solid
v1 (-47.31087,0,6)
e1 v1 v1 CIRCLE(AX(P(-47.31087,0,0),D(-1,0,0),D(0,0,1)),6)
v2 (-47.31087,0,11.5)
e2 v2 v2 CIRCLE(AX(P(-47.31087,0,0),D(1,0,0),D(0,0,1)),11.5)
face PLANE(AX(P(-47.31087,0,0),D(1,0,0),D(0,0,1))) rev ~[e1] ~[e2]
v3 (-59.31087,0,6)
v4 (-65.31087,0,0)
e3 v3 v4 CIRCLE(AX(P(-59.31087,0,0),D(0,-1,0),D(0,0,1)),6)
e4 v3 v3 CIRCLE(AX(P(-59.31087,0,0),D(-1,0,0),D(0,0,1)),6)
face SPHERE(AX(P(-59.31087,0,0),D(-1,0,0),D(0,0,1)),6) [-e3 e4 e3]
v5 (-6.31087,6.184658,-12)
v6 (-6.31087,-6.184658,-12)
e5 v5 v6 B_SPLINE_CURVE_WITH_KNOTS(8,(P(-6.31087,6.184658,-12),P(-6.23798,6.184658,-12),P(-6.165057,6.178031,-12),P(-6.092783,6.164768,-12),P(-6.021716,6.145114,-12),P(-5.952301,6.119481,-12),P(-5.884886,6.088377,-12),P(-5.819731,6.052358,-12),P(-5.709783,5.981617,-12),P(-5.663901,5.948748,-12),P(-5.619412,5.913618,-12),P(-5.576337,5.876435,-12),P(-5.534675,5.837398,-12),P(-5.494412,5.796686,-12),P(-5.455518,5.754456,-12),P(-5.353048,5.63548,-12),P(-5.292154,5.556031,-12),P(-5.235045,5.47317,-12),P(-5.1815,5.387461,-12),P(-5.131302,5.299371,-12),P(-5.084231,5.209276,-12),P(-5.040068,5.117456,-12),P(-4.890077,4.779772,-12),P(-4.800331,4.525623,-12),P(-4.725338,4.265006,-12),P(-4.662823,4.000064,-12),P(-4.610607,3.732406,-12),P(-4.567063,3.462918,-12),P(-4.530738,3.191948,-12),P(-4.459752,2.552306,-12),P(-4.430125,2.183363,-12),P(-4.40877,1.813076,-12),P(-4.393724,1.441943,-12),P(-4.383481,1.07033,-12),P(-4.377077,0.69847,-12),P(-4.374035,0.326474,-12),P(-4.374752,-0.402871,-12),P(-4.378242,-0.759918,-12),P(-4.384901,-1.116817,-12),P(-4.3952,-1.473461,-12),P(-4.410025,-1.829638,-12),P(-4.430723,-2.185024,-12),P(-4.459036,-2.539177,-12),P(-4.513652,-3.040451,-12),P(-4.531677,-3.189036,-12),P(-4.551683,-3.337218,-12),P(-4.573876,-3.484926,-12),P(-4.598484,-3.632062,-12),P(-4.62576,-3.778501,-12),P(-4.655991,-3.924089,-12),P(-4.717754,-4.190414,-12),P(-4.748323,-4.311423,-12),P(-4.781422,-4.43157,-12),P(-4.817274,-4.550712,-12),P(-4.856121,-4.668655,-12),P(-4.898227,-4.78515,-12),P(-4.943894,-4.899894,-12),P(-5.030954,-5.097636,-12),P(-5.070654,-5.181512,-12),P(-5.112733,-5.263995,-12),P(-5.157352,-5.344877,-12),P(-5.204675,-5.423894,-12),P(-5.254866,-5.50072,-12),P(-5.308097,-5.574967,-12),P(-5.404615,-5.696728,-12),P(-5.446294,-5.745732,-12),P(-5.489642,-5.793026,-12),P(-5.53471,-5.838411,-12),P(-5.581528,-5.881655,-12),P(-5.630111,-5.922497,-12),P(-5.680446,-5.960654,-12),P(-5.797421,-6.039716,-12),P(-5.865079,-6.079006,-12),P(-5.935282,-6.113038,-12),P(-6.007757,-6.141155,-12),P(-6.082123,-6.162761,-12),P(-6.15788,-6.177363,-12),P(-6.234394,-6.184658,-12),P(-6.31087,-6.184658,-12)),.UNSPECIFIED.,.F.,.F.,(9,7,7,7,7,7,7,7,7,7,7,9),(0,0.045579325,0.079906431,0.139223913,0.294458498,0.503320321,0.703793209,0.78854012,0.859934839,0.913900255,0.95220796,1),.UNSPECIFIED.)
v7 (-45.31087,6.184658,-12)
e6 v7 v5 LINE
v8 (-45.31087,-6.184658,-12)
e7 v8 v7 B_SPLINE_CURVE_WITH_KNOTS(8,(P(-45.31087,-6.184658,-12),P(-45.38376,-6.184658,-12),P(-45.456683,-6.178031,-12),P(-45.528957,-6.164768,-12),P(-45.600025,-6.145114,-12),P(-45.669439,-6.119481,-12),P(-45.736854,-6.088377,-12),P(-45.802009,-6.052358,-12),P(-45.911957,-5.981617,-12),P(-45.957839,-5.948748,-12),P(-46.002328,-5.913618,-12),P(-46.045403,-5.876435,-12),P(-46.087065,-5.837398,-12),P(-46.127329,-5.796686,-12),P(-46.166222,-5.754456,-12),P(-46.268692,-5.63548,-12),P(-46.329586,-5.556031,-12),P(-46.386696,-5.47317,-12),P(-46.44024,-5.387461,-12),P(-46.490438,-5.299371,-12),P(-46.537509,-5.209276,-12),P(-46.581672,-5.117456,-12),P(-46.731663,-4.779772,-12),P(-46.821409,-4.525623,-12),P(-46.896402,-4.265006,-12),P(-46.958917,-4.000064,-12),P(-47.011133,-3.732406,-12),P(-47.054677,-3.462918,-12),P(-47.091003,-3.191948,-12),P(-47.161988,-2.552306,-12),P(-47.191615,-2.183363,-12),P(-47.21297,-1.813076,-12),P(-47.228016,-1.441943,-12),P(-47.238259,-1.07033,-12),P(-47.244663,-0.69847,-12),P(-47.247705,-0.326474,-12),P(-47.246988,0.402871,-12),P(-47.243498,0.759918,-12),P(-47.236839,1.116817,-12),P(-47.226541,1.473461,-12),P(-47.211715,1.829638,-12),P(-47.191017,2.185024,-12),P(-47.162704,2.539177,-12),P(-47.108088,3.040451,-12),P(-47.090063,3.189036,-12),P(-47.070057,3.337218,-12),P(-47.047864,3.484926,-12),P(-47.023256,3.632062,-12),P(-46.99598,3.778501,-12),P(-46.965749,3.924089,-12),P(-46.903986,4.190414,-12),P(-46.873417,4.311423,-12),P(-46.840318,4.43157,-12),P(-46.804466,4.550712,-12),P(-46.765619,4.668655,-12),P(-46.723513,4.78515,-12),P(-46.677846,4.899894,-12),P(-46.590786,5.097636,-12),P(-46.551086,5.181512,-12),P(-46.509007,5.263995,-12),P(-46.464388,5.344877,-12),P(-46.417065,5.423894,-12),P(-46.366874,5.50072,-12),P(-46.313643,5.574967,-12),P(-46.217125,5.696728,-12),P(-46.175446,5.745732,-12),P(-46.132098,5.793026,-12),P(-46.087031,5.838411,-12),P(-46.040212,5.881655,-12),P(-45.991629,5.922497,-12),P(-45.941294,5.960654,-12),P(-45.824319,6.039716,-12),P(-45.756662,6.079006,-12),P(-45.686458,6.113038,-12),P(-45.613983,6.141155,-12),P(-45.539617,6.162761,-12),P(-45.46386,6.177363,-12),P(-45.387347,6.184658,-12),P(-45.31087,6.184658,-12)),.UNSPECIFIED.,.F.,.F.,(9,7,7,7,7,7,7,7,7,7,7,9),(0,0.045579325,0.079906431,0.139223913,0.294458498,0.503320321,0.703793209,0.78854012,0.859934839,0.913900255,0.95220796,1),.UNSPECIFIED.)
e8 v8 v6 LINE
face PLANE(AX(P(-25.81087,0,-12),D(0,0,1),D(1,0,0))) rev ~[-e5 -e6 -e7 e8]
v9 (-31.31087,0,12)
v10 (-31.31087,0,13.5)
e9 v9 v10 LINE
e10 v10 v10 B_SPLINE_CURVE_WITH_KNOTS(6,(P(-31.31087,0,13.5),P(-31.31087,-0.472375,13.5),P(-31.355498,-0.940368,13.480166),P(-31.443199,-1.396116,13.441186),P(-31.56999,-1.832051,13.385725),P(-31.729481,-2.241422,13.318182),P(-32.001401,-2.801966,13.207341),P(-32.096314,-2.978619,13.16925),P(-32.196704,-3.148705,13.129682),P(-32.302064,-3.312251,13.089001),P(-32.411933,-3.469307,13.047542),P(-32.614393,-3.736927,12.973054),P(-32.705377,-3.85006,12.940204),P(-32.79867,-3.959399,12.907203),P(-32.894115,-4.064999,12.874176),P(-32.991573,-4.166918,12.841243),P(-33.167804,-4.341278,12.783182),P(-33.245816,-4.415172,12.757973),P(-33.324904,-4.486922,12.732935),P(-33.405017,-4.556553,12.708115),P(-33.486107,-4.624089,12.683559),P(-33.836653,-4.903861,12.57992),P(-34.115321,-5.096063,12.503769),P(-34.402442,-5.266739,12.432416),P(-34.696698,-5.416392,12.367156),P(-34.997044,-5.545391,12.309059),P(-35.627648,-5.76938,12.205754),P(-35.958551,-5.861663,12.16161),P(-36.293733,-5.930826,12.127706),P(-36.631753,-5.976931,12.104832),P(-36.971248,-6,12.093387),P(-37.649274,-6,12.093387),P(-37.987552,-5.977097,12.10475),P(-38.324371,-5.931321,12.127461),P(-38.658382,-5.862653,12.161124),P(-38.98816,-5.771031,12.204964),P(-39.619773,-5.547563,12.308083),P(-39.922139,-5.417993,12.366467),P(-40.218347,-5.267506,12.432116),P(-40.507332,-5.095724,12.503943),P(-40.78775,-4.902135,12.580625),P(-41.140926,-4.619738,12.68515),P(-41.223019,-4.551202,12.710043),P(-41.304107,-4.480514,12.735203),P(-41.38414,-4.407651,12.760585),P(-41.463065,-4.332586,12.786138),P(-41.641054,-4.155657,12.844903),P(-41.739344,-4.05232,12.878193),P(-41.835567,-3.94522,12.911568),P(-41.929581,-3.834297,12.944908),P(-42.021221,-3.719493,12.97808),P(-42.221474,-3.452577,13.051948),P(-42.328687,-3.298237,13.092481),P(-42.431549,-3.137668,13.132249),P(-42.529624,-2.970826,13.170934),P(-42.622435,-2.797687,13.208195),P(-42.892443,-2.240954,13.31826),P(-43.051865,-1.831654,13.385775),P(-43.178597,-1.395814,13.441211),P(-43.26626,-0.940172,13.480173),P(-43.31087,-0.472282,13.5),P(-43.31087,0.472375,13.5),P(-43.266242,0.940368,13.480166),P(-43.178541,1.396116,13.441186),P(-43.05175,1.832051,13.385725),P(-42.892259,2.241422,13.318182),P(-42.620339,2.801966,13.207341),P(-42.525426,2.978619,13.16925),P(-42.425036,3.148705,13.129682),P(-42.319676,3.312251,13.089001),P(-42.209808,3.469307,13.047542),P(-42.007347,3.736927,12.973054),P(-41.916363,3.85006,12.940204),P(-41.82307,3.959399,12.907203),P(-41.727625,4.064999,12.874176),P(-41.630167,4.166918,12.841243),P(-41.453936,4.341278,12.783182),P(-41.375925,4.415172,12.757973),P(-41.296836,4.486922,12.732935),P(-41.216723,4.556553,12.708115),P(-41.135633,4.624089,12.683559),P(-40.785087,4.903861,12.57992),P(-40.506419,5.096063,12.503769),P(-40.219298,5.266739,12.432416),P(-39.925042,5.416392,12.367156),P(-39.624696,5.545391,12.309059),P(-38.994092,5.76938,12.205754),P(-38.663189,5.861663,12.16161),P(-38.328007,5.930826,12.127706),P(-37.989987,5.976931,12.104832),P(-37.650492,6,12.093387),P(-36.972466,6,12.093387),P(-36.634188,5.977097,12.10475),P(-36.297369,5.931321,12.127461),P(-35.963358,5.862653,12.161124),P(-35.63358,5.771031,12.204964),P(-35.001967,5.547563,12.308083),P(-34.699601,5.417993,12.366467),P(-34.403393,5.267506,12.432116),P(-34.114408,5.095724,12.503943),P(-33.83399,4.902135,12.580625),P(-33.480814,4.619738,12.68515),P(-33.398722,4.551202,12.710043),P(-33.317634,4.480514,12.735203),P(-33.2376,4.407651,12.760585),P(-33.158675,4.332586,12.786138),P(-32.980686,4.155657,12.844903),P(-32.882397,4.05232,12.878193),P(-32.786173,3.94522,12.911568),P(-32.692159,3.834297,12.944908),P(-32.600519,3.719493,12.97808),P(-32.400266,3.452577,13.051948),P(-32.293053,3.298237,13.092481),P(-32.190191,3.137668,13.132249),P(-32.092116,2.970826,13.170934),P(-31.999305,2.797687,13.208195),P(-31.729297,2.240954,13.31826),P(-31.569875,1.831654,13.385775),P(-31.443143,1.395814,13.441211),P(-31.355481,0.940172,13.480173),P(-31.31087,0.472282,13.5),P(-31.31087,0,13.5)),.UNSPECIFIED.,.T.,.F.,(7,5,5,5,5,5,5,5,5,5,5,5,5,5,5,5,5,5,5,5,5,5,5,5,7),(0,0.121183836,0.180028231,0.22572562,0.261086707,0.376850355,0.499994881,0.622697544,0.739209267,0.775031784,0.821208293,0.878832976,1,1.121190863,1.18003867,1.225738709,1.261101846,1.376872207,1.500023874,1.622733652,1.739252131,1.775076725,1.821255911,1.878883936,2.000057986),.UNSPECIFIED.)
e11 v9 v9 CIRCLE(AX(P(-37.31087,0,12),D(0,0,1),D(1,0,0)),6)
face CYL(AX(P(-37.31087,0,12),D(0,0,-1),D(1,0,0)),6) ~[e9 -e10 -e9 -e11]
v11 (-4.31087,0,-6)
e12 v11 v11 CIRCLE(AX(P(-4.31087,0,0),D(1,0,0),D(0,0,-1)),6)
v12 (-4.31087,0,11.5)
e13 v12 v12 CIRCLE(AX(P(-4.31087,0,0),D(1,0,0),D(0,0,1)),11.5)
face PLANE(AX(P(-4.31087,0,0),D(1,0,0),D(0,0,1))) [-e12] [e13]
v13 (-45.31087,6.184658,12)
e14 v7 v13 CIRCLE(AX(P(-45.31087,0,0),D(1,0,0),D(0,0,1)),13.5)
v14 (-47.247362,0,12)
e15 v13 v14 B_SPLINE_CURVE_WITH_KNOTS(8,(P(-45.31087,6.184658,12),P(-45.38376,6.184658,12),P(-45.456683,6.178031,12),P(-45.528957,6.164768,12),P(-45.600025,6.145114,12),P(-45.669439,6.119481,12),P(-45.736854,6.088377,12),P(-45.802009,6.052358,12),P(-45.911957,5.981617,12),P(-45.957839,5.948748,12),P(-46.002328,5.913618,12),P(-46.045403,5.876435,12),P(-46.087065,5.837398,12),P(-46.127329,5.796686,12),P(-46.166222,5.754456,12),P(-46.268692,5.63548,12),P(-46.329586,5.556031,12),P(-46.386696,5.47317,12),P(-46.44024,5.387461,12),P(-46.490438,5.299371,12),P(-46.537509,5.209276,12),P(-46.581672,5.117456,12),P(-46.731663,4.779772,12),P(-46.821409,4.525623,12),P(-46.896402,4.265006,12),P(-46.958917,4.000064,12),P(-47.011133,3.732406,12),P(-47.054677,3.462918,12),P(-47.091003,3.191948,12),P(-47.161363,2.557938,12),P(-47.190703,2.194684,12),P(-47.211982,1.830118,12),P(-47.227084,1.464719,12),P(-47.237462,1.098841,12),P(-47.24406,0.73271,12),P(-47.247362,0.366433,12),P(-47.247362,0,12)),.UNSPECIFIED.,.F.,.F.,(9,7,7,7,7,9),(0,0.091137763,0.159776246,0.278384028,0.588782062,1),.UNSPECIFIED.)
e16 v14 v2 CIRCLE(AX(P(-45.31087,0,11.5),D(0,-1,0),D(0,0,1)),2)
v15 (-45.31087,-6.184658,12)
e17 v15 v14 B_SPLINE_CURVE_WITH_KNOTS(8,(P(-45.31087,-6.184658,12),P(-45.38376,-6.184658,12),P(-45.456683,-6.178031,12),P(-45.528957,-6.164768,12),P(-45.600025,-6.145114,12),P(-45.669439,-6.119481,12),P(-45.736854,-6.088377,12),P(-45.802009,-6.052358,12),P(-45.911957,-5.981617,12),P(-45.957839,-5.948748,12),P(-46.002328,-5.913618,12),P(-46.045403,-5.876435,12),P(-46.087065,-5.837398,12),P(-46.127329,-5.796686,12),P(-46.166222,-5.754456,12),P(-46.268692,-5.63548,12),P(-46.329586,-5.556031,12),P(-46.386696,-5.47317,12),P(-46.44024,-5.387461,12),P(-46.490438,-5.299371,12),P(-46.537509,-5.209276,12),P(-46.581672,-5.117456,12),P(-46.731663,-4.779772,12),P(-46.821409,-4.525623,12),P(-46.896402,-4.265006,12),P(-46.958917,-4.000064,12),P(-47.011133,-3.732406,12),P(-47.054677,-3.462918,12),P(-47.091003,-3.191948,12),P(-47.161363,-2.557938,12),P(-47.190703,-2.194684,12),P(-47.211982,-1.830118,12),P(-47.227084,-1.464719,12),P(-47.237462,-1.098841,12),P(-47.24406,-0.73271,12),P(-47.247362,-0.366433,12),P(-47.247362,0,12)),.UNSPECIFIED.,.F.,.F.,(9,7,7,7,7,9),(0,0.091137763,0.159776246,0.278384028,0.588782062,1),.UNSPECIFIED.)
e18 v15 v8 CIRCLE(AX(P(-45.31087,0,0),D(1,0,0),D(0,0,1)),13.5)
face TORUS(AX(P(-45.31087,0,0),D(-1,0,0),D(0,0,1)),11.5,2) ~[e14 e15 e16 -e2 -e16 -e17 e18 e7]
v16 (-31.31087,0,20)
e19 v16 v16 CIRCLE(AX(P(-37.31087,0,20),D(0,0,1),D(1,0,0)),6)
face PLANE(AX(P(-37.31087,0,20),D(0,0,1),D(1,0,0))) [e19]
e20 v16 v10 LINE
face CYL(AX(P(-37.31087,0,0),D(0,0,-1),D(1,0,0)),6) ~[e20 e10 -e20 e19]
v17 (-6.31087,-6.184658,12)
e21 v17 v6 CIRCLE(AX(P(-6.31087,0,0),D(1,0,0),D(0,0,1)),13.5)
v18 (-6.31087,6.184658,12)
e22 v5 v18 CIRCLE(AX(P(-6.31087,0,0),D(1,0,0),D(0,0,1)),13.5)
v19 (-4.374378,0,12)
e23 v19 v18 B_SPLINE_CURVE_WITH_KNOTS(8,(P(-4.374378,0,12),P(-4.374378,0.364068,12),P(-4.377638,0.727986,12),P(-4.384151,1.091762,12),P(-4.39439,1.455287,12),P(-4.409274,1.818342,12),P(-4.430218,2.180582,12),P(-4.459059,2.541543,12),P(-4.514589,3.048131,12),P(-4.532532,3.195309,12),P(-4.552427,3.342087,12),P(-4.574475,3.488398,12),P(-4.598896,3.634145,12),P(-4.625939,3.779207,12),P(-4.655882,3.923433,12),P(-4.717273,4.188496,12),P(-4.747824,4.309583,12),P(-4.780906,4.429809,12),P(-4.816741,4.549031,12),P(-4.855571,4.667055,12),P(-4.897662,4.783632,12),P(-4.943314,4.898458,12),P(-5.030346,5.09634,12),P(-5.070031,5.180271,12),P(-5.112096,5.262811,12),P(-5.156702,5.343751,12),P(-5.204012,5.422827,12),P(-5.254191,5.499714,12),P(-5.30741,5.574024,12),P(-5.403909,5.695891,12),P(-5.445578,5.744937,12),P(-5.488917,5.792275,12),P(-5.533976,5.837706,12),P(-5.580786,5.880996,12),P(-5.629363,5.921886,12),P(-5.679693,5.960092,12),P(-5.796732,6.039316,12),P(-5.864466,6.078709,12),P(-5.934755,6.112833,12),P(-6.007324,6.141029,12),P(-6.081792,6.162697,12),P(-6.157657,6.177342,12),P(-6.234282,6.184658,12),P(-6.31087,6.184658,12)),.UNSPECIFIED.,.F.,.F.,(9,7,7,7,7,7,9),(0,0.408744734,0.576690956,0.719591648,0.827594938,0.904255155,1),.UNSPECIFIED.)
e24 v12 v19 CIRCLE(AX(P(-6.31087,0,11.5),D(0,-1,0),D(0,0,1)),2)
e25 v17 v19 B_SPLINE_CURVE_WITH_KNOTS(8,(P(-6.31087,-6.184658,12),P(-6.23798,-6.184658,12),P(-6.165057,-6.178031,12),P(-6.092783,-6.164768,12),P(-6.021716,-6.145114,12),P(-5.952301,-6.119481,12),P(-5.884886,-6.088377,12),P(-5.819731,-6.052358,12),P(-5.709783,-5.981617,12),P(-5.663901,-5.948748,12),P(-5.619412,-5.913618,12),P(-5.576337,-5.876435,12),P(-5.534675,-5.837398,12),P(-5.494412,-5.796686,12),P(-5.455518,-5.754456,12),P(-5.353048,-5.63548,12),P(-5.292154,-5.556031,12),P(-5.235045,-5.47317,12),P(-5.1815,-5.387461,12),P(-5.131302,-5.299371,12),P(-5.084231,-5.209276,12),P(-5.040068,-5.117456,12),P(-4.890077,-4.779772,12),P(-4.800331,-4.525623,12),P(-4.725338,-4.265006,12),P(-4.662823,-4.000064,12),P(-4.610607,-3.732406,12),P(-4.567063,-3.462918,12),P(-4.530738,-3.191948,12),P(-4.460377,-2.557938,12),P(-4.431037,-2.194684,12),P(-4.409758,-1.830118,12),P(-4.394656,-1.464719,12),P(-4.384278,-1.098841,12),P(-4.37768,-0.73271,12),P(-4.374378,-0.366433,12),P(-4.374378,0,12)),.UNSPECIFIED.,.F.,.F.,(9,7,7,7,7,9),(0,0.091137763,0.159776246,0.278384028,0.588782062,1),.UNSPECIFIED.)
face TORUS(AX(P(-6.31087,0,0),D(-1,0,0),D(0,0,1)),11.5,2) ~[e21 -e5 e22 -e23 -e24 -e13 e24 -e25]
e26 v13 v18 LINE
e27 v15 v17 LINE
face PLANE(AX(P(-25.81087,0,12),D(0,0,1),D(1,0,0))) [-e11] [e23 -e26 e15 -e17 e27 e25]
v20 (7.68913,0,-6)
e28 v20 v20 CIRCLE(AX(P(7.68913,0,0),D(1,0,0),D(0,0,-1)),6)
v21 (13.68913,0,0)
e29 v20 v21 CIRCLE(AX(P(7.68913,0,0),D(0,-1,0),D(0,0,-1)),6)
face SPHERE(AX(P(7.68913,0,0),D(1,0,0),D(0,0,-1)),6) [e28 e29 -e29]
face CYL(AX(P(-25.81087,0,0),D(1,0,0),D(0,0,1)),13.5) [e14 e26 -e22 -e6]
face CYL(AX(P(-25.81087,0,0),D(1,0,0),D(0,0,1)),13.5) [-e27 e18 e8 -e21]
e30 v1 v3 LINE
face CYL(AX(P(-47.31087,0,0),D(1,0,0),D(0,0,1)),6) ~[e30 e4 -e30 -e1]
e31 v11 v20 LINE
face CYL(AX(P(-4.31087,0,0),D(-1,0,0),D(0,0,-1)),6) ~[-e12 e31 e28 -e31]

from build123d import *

# Parameters (mm, degrees)
SKETCH1_W           = 43
SKETCH1_H           = 13.5
SKETCH4_R           = 6
BOSS_EXTRUDE2_DEPTH = 20
SKETCH5_R           = 6
BOSS_EXTRUDE3_DEPTH = 18
FILLET1_R           = 6
BOSS_EXTRUDE4_START = 18
SKETCH6_R           = 6
BOSS_EXTRUDE4_DEPTH = 18
FILLET2_R           = 6
FILLET3_R           = 2
SKETCH8_W           = 43
SKETCH8_H           = 23
CUT_EXTRUDE2_DEPTH  = 7
SKETCH9_W           = 43
SKETCH9_H           = 23
SKETCH9_R           = 6
CUT_EXTRUDE3_DEPTH  = 5


with BuildPart() as part:
    # Sketch1 → Revolve1 (revolve)
    with BuildSketch(Plane(origin=(0, 0, 0), x_dir=(1, 0, 0), z_dir=(0, 1, 0))):
        with Locations((-25.810870043, -6.75)):
            Rectangle(SKETCH1_W, SKETCH1_H)
    revolve(axis=Axis((-47.310870043, 0, 0), (1, 0, 0)))

    # Sketch4 → Boss-Extrude2 (add)
    with BuildSketch(Plane.XY):
        with Locations((-37.310870043, 0)):
            Circle(SKETCH4_R)
    extrude(amount=BOSS_EXTRUDE2_DEPTH)

    # Sketch5 → Boss-Extrude3 (add)
    with BuildSketch(Plane.ZY.offset(47.310870043)):
        Circle(SKETCH5_R)
    extrude(amount=BOSS_EXTRUDE3_DEPTH)

    # Fillet1
    fillet1_edges = [part.edges().sort_by_distance(p)[0] for p in [
        (-65.310870043, 0, -6),
    ]]
    fillet(fillet1_edges, radius=FILLET1_R)

    # Sketch6 → Boss-Extrude4 (add)
    with BuildSketch(Plane(origin=(-4.310870043, 0, 0), x_dir=(0, 0, -1), z_dir=(1, 0, 0)).offset(BOSS_EXTRUDE4_START)):
        Circle(SKETCH6_R)
    extrude(amount=-BOSS_EXTRUDE4_DEPTH)

    # Fillet2
    fillet2_edges = [part.edges().sort_by_distance(p)[0] for p in [
        (13.689129957, 0, 6),
    ]]
    fillet(fillet2_edges, radius=FILLET2_R)

    # Fillet3
    fillet3_edges = [part.edges().sort_by_distance(p)[0] for p in [
        (-4.310870043, 0, -13.5),
        (-47.310870043, 0, -13.5),
    ]]
    fillet(fillet3_edges, radius=FILLET3_R)

    # Sketch8 → Cut-Extrude2 (cut)
    with BuildSketch(Plane.XY.offset(-12)):
        with Locations((-25.810870043, 0)):
            Rectangle(SKETCH8_W, SKETCH8_H)
    extrude(amount=-CUT_EXTRUDE2_DEPTH, mode=Mode.SUBTRACT)

    # Sketch9 → Cut-Extrude3 (cut)
    with BuildSketch(Plane.XY.offset(12)):
        with Locations((-25.810870043, 0)):
            Rectangle(SKETCH9_W, SKETCH9_H)
        with Locations((-37.310870043, 0)):
            Circle(SKETCH9_R, mode=Mode.SUBTRACT)
    extrude(amount=CUT_EXTRUDE3_DEPTH, mode=Mode.SUBTRACT)


solid = part.part
